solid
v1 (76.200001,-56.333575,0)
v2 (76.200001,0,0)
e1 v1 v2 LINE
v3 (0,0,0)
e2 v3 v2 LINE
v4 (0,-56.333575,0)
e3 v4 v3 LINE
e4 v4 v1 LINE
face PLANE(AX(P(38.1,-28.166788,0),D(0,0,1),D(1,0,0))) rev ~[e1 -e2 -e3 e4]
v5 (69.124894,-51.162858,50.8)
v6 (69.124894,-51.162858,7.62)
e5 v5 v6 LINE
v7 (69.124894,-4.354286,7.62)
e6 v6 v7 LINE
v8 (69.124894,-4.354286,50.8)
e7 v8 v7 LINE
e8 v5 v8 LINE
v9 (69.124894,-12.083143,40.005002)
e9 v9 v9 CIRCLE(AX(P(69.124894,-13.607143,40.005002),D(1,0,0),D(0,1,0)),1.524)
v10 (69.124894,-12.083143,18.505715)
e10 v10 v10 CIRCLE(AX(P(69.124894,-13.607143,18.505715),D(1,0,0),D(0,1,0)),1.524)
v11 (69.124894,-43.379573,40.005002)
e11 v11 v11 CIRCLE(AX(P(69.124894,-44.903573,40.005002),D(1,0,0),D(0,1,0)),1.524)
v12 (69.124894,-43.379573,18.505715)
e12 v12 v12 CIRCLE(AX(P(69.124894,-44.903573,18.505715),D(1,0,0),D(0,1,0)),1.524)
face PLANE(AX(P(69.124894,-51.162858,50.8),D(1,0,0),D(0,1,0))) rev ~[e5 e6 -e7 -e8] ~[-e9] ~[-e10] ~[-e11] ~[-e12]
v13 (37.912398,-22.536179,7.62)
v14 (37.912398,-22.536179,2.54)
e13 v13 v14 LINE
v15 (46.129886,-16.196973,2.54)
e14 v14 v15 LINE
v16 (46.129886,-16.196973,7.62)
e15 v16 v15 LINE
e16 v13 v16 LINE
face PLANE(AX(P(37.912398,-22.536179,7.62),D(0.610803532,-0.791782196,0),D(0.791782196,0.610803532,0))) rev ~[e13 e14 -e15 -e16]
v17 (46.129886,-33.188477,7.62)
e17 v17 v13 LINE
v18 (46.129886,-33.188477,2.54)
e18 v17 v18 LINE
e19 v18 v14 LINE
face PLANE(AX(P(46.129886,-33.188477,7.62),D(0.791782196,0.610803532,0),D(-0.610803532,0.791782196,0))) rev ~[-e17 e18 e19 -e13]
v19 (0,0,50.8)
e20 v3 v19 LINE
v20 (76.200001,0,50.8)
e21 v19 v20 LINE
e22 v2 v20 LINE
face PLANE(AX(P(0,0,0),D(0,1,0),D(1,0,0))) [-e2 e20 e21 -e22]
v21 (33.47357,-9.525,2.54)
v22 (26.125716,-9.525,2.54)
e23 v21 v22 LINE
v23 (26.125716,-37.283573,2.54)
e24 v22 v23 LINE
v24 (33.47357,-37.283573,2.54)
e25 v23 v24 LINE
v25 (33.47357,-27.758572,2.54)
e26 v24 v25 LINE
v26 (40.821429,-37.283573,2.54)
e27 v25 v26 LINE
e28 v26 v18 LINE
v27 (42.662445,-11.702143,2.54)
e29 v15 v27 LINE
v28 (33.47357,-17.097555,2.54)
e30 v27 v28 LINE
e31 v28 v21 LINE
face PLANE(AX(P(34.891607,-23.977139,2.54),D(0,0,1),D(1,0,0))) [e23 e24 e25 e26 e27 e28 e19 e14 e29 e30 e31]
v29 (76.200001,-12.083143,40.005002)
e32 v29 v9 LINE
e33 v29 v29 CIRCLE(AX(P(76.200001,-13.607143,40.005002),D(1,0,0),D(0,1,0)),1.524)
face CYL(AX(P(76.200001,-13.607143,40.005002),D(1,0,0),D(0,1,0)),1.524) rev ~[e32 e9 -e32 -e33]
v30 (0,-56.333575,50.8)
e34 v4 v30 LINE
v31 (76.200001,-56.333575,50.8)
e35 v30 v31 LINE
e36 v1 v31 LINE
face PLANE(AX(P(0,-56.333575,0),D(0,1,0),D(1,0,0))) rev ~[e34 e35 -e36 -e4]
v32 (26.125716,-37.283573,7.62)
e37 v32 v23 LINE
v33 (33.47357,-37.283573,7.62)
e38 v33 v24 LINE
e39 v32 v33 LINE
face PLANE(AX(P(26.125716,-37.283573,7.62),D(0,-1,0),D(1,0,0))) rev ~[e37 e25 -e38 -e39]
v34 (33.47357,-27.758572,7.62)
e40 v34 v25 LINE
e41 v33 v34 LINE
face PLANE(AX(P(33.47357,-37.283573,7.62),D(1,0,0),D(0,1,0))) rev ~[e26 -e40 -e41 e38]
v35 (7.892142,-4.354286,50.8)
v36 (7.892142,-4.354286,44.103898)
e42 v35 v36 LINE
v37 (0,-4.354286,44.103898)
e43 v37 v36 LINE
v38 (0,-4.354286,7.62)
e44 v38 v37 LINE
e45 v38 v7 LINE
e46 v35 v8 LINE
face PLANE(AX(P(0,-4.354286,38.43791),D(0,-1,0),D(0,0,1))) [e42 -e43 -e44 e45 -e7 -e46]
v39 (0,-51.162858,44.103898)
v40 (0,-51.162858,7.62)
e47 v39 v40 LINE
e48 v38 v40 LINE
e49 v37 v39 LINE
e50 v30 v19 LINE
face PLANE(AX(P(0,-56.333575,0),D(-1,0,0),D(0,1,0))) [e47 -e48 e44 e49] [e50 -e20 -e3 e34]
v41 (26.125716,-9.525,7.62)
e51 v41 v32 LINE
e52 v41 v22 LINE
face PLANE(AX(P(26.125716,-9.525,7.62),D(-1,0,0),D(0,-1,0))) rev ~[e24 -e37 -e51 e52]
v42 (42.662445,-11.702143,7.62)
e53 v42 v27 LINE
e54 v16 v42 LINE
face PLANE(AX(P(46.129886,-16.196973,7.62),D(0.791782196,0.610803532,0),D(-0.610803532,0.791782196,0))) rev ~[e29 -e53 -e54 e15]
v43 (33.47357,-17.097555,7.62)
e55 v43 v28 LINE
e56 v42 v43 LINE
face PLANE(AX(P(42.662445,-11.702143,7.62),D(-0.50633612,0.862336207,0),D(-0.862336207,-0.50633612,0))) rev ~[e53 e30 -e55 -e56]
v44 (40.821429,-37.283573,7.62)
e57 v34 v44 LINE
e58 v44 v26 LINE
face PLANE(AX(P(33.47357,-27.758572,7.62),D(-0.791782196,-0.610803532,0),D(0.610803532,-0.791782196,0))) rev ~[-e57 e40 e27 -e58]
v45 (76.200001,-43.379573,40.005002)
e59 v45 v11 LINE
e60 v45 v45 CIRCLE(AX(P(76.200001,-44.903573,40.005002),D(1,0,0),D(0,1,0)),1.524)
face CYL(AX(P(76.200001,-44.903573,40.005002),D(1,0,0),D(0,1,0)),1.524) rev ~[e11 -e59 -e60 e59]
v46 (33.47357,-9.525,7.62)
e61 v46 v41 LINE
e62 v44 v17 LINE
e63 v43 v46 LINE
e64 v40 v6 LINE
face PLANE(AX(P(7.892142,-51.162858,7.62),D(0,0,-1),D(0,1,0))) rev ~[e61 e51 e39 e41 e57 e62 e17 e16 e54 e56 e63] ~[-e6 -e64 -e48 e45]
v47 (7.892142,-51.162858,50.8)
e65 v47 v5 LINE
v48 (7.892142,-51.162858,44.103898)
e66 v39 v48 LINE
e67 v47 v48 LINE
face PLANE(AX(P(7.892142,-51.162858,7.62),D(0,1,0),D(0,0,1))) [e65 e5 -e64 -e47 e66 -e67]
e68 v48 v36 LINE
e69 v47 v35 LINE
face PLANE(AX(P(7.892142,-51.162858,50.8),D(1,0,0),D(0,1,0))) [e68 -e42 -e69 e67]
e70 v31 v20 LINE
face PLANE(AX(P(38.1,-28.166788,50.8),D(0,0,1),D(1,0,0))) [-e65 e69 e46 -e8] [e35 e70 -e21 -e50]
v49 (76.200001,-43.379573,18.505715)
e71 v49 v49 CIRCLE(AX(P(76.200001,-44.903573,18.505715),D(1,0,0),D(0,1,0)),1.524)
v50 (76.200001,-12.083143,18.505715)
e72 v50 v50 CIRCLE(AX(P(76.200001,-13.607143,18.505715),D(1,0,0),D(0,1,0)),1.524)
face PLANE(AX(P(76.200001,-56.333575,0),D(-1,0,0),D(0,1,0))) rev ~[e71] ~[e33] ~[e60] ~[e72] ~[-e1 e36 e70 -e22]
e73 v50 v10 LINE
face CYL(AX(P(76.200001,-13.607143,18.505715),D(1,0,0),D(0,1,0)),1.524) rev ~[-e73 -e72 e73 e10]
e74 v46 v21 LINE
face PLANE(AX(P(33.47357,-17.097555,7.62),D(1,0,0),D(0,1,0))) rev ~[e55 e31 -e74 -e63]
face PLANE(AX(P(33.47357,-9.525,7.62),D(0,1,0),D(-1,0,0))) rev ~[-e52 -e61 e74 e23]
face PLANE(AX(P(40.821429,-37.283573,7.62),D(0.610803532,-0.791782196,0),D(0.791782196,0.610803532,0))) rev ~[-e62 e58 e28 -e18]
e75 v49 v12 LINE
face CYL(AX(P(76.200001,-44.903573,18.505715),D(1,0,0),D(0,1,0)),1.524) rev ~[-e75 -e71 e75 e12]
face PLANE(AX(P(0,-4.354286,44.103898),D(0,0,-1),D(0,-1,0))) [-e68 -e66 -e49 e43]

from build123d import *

# Parameters (mm, degrees)
F0_W      = 76.2000009418
F0_H      = 56.3335753977
F1_DEPTH  = 50.8
F2_W      = 61.2327515673
F2_H      = 46.8085720204
F3_DEPTH  = 43.18
F4_W      = 46.8085720204
F4_H      = 21.59
F5_DEPTH  = 25.4
F6_W      = 46.8085720204
F6_H      = 9.227910161
F7_DEPTH  = 25.4
F9_DEPTH  = 5.08
F10_R     = 1.524
F11_DEPTH = 25.4
F12_W     = 46.8085720204
F12_H     = 5.665987947
F13_DEPTH = 25.4


with BuildPart() as f1:
    # F0 (on Top) → F1 (new body)
    with BuildSketch(Plane.XY):
        with Locations((38.1000004709, -28.1667876989)):
            Rectangle(F0_W, F0_H)
    extrude(amount=F1_DEPTH)

    # F2 (on face) → F3 (cut)
    with BuildSketch(Plane.XY.offset(50.8)):
        with Locations((38.5085178336, -27.7585715521)):
            Rectangle(F2_W, F2_H)
    extrude(amount=-F3_DEPTH, mode=Mode.SUBTRACT)

    # F4 (on face) → F5 (cut)
    with BuildSketch(Plane.YZ.offset(7.89214205)):
        with Locations((-27.7585715521, 18.415)):
            Rectangle(F4_W, F4_H)
    extrude(amount=-F5_DEPTH, mode=Mode.SUBTRACT)

    # F6 (on face) → F7 (cut)
    with BuildSketch(Plane(origin=(0, 0, 0), x_dir=(0, -1, 0), z_dir=(-1, 0, 0))):
        with Locations((27.7585715521, 33.8239550805)):
            Rectangle(F6_W, F6_H)
    extrude(amount=-F7_DEPTH, mode=Mode.SUBTRACT)

    # F8 (on face) → F9 (cut)
    with BuildSketch(Plane.XY.offset(7.62)):
        Polygon((26.1257160455, -9.5250001177), (26.1257160455, -16.6007149965), (26.1257160455, -37.2835732996), (33.4735698998, -37.2835732996), (33.4735698998, -27.7585722506), (40.821429342, -37.2835732996), (46.1298863749, -33.1884770438), (37.9123979826, -22.5361794362), (46.1298863749, -16.1969728194), (42.6624452598, -11.7021426558), (33.4735698998, -17.097555101), (33.4735698998, -9.5250001177), align=None)
    extrude(amount=-F9_DEPTH, mode=Mode.SUBTRACT)

    # F10 (on face) → F11 (cut)
    with BuildSketch(Plane.YZ.offset(76.2000009418)):
        with Locations((-44.9035726488, 18.5057148337)):
            Circle(F10_R)
        with Locations((-13.6071434245, 40.0050021708)):
            Circle(F10_R)
        with Locations((-44.9035726488, 40.0050021708)):
            Circle(F10_R)
        with Locations((-13.6071434245, 18.5057148337)):
            Circle(F10_R)
    extrude(amount=-F11_DEPTH, mode=Mode.SUBTRACT)

    # F12 (on face) → F13 (cut)
    with BuildSketch(Plane(origin=(0, 0, 0), x_dir=(0, -1, 0), z_dir=(-1, 0, 0))):
        with Locations((27.7585715521, 41.2709041345)):
            Rectangle(F12_W, F12_H)
    extrude(amount=-F13_DEPTH, mode=Mode.SUBTRACT)


solid = f1.part
